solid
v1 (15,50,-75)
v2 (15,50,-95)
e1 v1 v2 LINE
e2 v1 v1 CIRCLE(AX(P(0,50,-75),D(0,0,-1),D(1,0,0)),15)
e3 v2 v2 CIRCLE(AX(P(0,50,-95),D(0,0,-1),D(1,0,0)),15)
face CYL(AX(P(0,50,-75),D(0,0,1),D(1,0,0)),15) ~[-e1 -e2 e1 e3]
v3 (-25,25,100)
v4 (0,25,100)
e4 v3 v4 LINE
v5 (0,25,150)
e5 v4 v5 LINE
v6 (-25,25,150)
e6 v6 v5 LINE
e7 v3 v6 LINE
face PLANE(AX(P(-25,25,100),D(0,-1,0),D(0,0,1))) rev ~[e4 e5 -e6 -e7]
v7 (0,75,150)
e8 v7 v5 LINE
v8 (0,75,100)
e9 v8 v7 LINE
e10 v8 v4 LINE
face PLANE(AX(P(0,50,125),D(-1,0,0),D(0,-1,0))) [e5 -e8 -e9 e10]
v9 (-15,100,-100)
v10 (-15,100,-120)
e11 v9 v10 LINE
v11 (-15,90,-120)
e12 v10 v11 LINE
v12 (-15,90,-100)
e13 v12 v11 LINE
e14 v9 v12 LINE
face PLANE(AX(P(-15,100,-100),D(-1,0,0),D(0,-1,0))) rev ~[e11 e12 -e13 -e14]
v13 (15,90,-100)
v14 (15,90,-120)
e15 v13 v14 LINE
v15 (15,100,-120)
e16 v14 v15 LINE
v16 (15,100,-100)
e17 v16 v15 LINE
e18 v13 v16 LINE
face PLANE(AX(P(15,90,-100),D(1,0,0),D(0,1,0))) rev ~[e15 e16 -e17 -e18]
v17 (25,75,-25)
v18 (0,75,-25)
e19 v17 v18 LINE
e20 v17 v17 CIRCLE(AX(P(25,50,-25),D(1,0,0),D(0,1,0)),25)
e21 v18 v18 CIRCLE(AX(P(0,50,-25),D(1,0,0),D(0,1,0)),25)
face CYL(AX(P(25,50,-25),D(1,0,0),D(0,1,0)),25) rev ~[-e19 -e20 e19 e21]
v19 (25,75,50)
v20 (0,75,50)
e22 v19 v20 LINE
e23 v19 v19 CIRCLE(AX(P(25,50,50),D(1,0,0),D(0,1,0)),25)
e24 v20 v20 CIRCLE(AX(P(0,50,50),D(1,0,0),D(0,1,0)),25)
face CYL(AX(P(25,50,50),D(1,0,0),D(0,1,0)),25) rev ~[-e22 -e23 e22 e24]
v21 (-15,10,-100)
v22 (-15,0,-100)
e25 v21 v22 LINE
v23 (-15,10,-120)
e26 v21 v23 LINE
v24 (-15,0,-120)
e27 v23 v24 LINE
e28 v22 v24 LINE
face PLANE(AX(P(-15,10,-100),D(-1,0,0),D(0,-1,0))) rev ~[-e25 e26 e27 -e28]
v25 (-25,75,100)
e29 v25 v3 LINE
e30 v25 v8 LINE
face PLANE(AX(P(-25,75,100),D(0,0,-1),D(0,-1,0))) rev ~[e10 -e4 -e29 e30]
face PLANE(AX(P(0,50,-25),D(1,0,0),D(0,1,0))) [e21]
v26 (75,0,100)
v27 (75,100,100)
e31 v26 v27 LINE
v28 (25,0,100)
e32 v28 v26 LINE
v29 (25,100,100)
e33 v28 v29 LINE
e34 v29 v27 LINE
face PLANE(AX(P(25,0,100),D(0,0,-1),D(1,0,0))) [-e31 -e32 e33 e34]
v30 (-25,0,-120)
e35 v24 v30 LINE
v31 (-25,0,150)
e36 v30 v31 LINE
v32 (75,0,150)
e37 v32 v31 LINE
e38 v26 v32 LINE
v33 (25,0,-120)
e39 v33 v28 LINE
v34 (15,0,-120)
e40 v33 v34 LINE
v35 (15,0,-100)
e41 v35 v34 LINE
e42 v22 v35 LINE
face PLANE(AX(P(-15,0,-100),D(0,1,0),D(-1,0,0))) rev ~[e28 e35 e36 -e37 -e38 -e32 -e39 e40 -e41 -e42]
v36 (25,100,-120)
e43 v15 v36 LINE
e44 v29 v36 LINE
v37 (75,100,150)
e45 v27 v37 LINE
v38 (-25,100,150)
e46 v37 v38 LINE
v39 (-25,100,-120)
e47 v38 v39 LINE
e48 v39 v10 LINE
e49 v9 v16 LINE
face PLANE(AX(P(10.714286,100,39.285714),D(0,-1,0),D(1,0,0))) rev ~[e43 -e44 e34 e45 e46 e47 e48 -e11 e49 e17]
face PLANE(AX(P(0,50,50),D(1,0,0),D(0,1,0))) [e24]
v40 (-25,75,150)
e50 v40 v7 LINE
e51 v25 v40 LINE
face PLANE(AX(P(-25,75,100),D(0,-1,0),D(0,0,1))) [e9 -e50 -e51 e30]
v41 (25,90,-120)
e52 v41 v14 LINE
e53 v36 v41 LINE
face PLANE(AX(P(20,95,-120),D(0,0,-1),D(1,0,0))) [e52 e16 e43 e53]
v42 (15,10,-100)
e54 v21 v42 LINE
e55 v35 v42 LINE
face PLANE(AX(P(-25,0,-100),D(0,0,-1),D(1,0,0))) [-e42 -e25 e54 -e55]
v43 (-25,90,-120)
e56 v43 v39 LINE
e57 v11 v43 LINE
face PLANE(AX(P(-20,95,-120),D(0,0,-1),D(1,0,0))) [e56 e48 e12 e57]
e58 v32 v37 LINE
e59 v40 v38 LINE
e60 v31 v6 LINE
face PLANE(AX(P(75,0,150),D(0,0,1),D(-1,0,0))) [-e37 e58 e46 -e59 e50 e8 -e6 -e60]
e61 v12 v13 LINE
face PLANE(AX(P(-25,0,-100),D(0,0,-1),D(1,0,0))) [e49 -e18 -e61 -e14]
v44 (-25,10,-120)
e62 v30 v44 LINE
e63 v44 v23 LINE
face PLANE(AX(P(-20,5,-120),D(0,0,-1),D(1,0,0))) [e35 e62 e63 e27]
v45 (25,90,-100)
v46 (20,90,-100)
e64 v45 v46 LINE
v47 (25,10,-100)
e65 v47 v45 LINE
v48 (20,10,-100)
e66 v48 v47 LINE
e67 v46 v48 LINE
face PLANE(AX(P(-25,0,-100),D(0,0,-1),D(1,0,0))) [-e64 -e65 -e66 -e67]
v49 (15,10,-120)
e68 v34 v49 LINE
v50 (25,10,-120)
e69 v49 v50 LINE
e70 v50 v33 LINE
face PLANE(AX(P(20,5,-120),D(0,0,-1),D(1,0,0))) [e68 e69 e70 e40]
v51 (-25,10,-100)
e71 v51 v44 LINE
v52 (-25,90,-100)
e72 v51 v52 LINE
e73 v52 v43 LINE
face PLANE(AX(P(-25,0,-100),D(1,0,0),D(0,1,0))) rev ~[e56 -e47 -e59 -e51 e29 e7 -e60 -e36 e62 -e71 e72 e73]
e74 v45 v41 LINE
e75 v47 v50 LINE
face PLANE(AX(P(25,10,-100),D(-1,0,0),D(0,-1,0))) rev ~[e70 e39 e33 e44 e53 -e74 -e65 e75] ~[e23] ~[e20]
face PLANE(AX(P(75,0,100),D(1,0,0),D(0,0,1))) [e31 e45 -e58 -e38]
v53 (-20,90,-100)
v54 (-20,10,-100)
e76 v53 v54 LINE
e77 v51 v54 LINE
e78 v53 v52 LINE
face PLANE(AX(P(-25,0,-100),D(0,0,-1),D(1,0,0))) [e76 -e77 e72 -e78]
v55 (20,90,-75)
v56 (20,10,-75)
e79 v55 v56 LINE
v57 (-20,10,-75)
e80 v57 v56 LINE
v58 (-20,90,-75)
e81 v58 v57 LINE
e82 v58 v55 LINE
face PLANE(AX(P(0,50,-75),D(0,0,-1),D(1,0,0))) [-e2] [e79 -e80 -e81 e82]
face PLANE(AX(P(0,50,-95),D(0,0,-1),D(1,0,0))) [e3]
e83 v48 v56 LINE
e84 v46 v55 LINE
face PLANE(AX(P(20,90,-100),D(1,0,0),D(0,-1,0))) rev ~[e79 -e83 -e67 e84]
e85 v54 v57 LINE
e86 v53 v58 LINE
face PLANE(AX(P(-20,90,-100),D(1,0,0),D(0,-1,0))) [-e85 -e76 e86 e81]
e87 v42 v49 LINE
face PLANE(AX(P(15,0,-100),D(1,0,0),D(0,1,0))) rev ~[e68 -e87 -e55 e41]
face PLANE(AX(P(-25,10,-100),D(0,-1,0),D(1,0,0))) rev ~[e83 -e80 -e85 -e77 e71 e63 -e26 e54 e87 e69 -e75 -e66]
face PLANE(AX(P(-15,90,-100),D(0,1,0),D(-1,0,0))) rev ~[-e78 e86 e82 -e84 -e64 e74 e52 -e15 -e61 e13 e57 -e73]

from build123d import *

# Parameters (mm, degrees)
F1_DEPTH  = 100
F2_R      = 25
F3_DEPTH  = 25
F5_W      = 40
F5_H      = 80
F6_DEPTH  = 25
F7_R      = 15
F8_DEPTH  = 20
F10_DEPTH = 20
F11_W     = 50
F11_H     = 50
F12_DEPTH = 25


with BuildPart() as f1:
    # F0 (on Front) → F1 (new body)
    with BuildSketch(Plane.XZ):
        Polygon((-25, -100), (25, -100), (25, 100), (75, 100), (75, 150), (-25, 150), (-25, 100), align=None)
    extrude(amount=-F1_DEPTH)

    # F2 (on face) → F3 (cut)
    with BuildSketch(Plane.YZ.offset(25)):
        with Locations((50, -25)):
            Circle(F2_R)
        with Locations((50, 50)):
            Circle(F2_R)
    extrude(amount=-F3_DEPTH, mode=Mode.SUBTRACT)

    # F5 (on face) → F6 (cut)
    with BuildSketch(Plane(origin=(0, 0, -100), x_dir=(1, 0, 0), z_dir=(0, 0, -1))):
        with Locations((0, -50)):
            Rectangle(F5_W, F5_H)
    extrude(amount=-F6_DEPTH, mode=Mode.SUBTRACT)

    # F7 (on face) → F8 (join)
    with BuildSketch(Plane(origin=(0, 0, -75), x_dir=(1, 0, 0), z_dir=(0, 0, -1))):
        with Locations((0, -50)):
            Circle(F7_R)
    extrude(amount=F8_DEPTH)

    # F9 (on face) → F10 (join)
    with BuildSketch(Plane(origin=(0, 0, -100), x_dir=(1, 0, 0), z_dir=(0, 0, -1))):
        Polygon((-25, -10), (-20, -10), (-15, -10), (-15, 0), (-25, 0), align=None)
        Polygon((20, -10), (25, -10), (25, 0), (15, 0), (15, -10), align=None)
        Polygon((15, -100), (25, -100), (25, -90), (20, -90), (15, -90), align=None)
        Polygon((-25, -100), (-15, -100), (-15, -90), (-20, -90), (-25, -90), align=None)
    extrude(amount=F10_DEPTH)

    # F11 (on face) → F12 (cut)
    with BuildSketch(Plane(origin=(-25, 0, 0), x_dir=(0, -1, 0), z_dir=(-1, 0, 0))):
        with Locations((-50, 125)):
            Rectangle(F11_W, F11_H)
    extrude(amount=-F12_DEPTH, mode=Mode.SUBTRACT)


solid = f1.part
